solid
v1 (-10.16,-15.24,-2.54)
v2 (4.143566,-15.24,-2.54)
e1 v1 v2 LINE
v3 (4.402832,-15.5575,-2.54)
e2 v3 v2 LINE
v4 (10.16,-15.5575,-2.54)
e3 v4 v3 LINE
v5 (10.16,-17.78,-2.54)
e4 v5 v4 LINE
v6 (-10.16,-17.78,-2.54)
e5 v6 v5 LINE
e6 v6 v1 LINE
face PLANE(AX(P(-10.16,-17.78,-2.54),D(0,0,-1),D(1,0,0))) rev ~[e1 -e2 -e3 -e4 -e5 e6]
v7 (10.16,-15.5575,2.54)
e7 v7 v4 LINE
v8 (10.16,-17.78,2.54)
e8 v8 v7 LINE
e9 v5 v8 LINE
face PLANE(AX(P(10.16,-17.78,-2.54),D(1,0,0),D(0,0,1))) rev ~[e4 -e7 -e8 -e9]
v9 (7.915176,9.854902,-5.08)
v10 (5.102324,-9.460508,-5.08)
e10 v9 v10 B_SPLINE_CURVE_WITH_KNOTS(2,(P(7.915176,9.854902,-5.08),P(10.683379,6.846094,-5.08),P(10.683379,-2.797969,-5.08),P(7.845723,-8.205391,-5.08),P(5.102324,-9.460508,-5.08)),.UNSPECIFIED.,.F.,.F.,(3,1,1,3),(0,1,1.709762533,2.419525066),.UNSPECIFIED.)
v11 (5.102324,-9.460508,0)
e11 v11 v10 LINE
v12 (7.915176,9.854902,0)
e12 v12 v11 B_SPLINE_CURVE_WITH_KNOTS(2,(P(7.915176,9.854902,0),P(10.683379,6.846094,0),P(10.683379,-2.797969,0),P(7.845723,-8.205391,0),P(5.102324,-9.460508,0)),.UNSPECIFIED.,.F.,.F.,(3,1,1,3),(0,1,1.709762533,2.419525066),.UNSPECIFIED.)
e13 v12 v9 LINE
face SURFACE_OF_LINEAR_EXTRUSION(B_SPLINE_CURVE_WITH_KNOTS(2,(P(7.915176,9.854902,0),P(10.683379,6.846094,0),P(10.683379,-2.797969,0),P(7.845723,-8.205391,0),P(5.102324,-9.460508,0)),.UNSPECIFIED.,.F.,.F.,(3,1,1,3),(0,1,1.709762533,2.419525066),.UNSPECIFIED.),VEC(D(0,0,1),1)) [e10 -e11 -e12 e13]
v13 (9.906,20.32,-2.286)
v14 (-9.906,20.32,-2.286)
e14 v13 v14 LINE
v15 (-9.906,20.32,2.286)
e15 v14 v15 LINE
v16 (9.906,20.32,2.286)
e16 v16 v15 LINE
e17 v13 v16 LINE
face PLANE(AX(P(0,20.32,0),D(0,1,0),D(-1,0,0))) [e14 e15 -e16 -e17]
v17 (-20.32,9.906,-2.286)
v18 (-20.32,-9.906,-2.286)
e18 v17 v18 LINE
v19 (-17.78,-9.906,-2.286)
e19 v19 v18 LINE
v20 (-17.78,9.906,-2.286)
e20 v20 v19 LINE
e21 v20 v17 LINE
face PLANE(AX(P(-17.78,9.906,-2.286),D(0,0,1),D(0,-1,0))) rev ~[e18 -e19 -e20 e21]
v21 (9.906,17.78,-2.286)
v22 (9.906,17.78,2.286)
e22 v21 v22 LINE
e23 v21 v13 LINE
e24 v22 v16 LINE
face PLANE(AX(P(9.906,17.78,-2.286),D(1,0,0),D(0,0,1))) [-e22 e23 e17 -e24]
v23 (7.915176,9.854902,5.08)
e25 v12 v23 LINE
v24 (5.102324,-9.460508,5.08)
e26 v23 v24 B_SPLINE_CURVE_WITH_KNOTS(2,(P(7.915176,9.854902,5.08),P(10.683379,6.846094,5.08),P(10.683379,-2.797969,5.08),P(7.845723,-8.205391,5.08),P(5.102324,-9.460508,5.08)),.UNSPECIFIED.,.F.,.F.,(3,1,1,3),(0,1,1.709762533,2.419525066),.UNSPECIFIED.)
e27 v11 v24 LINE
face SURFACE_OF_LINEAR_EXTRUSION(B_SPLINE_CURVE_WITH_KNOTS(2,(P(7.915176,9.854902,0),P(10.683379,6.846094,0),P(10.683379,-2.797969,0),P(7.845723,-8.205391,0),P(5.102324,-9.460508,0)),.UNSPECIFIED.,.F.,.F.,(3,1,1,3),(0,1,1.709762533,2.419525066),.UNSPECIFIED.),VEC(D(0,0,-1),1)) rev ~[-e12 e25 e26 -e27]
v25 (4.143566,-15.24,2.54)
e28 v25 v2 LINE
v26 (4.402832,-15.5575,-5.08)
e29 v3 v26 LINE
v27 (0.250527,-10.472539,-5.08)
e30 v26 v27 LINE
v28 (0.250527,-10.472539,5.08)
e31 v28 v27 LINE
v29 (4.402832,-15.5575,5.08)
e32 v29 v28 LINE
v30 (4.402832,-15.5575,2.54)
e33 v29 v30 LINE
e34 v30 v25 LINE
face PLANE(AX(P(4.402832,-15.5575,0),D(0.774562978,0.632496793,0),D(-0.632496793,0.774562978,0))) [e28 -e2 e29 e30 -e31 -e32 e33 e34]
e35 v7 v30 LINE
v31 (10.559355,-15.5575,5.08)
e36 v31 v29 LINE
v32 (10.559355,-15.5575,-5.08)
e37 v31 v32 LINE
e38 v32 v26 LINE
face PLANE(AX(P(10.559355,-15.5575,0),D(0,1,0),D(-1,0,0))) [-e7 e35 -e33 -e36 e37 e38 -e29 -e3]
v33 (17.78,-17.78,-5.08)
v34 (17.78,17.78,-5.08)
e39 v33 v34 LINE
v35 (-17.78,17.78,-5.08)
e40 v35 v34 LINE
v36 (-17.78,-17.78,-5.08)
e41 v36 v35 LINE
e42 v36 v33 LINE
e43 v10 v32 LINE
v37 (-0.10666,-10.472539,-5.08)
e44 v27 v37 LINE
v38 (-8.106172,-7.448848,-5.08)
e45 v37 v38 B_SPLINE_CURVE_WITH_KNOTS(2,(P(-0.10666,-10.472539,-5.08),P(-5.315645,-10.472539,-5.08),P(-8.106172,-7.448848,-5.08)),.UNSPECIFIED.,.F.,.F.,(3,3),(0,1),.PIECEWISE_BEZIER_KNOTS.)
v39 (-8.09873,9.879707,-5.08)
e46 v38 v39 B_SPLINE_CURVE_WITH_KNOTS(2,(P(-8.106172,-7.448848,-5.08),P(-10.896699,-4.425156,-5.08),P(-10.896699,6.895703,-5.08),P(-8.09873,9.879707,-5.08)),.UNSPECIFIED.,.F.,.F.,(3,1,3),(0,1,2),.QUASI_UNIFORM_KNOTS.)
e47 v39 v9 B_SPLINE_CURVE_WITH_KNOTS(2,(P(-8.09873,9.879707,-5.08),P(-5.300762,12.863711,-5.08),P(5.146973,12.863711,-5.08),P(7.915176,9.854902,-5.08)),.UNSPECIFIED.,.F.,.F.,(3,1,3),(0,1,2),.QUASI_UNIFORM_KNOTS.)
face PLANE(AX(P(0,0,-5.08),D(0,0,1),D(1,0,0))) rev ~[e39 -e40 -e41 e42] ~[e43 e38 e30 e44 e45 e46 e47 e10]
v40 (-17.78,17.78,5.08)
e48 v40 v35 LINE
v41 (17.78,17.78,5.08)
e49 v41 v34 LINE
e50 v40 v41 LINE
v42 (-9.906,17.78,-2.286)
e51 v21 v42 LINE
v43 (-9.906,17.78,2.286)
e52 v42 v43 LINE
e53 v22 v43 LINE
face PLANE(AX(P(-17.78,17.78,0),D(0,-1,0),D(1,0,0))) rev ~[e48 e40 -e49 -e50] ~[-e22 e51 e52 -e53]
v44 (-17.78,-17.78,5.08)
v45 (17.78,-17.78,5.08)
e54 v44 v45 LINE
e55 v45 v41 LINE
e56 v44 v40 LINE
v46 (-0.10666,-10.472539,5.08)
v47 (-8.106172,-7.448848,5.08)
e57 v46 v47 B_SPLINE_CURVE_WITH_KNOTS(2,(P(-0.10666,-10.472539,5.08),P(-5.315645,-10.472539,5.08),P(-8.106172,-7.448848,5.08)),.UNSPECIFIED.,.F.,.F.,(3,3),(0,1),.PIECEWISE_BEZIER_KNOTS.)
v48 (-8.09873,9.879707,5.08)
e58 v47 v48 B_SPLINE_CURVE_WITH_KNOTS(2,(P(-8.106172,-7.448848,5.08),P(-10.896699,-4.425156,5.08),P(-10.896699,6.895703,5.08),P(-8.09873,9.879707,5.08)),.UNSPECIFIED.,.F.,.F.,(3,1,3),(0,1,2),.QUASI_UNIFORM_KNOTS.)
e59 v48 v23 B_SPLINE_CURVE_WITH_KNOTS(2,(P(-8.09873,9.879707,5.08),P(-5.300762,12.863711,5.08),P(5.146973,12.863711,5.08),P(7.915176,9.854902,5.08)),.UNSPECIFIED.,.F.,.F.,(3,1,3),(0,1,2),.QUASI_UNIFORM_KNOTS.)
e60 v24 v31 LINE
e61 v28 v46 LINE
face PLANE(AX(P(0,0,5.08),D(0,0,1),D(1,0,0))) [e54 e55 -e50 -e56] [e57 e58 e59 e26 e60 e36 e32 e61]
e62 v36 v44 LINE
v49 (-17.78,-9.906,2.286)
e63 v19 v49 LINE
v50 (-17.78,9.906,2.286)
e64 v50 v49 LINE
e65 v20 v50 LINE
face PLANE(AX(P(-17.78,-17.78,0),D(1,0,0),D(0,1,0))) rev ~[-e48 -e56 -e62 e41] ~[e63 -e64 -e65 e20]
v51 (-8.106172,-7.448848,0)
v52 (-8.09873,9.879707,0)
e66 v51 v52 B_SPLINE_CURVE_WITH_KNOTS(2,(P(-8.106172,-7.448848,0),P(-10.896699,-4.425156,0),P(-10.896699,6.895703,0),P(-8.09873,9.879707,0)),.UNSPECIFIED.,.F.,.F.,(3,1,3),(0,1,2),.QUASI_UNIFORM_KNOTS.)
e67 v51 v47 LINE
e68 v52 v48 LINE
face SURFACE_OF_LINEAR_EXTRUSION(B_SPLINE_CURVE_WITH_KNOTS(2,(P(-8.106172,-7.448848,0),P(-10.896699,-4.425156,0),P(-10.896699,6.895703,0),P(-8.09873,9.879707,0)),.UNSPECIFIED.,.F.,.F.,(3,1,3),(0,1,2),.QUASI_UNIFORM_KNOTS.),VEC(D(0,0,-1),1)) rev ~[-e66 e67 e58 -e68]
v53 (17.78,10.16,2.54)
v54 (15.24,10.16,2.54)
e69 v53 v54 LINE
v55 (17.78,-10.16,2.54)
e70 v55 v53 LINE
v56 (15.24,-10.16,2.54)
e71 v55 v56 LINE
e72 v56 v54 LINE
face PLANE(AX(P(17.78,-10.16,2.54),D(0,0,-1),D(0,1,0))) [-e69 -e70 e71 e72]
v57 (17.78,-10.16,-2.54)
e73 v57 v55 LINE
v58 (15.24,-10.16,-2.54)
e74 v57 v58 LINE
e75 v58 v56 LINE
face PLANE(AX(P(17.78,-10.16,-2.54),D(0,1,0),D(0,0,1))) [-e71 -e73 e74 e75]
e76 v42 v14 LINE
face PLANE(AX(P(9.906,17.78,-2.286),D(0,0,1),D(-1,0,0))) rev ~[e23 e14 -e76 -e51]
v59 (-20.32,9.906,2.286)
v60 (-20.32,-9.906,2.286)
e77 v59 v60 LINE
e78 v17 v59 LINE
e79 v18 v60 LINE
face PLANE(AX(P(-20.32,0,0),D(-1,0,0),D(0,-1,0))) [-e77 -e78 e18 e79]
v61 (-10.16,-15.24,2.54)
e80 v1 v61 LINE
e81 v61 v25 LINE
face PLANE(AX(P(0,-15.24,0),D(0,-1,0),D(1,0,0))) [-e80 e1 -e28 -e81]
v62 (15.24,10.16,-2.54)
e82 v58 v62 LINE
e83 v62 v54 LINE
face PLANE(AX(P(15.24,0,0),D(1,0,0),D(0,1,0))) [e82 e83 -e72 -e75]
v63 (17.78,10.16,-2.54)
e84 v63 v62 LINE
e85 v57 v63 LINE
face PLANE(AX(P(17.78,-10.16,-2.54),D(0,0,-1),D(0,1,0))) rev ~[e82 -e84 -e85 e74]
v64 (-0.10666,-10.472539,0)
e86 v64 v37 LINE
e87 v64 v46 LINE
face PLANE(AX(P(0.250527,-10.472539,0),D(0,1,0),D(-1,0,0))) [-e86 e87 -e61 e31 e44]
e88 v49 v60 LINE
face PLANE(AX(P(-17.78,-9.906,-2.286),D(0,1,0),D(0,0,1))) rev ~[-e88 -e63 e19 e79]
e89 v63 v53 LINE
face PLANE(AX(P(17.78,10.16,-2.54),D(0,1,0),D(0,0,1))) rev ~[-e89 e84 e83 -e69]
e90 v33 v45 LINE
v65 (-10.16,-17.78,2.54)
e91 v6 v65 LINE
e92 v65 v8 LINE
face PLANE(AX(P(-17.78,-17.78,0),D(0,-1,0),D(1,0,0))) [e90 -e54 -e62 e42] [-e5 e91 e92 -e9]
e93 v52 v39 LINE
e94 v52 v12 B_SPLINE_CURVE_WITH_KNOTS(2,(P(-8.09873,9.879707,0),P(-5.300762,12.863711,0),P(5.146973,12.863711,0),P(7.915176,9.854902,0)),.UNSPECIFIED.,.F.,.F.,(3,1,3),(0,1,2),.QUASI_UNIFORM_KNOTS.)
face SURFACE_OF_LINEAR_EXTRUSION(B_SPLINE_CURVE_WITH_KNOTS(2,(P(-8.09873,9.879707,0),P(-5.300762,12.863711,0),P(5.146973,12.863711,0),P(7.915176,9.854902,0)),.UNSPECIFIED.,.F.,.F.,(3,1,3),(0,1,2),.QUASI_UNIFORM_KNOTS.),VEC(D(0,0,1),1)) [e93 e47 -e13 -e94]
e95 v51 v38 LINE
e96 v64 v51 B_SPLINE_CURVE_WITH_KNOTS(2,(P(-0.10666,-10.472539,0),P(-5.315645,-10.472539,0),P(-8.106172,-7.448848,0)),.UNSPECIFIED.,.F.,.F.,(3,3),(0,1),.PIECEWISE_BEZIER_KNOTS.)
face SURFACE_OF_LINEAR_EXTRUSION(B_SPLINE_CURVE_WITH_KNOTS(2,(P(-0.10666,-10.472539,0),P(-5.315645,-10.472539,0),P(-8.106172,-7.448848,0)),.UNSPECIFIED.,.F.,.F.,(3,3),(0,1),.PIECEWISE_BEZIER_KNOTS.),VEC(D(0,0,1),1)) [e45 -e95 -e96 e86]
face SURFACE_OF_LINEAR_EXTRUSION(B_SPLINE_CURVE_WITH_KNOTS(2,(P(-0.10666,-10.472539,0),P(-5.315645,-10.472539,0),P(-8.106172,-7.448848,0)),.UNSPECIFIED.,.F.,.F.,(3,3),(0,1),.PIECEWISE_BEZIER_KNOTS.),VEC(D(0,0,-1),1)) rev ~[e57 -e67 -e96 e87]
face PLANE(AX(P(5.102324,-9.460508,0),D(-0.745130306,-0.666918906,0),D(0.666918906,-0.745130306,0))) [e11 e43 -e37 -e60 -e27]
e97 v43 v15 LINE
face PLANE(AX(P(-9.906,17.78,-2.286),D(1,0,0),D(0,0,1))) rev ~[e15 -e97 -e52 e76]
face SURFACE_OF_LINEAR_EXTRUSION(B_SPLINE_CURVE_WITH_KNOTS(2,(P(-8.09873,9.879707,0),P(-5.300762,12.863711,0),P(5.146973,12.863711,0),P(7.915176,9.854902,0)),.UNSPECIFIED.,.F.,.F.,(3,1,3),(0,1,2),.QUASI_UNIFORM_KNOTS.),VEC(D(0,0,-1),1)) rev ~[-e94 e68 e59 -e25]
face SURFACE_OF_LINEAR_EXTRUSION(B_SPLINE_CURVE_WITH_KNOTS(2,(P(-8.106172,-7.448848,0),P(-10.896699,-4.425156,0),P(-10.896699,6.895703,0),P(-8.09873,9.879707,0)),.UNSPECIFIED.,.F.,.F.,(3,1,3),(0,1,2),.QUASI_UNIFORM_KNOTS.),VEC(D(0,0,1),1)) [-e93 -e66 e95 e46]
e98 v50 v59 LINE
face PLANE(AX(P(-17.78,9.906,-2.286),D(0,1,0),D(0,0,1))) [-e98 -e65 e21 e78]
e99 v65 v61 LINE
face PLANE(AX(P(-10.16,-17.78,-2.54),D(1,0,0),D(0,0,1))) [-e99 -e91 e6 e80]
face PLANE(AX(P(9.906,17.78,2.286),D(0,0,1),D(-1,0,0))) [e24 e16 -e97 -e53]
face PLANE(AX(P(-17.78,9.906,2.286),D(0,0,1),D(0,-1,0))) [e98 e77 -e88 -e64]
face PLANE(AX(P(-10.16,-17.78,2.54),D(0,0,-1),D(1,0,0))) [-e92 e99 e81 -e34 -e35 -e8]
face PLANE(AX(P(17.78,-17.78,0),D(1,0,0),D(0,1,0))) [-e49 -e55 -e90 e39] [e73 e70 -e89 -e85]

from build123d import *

# Parameters (mm, degrees)
F0_W     = 35.56
F0_H     = 35.56
F1_DEPTH = 5.08
F2_W     = 19.812
F2_H     = 4.572
F3_DEPTH = 2.54
F4_W     = 19.812
F4_H     = 4.572
F5_DEPTH = 2.54
F6_W     = 20.32
F6_H     = 5.08
F7_DEPTH = 2.54
F8_W     = 20.32
F8_H     = 5.08
F9_DEPTH = 2.54


with BuildPart() as f1:
    # F0 (on Top) → F1 (new body, symmetric)
    with BuildSketch(Plane.XY):
        Rectangle(F0_W, F0_H)
        with BuildLine():
            add(Edge.make_bspline(
                [(7.9151757813, 9.8549023438), (10.6833789063, 6.84609375), (10.6833789063, 1.2055078125)],
                knots=[0, 0, 0, 1, 1, 1], degree=2))
            add(Edge.make_bspline(
                [(10.6833789063, 1.2055078125), (10.6833789063, -2.79796875), (9.2645507813, -5.5016796875)],
                knots=[0, 0, 0, 1, 1, 1], degree=2))
            add(Edge.make_bspline(
                [(9.2645507813, -5.5016796875), (7.8457226563, -8.205390625), (5.1023242188, -9.4605078125)],
                knots=[0, 0, 0, 1, 1, 1], degree=2))
            Line((5.1023242188, -9.4605078125), (10.5593554688, -15.5575))
            Line((10.5593554688, -15.5575), (4.4028320313, -15.5575))
            Line((4.4028320313, -15.5575), (0.2505273438, -10.4725390625))
            Line((0.2505273438, -10.4725390625), (-0.1066601562, -10.4725390625))
            add(Edge.make_bspline(
                [(-0.1066601562, -10.4725390625), (-5.3156445312, -10.4725390625), (-8.106171875, -7.4488476563)],
                knots=[0, 0, 0, 1, 1, 1], degree=2))
            add(Edge.make_bspline(
                [(-8.106171875, -7.4488476563), (-10.8966992187, -4.42515625), (-10.8966992187, 1.2352734375)],
                knots=[0, 0, 0, 1, 1, 1], degree=2))
            add(Edge.make_bspline(
                [(-10.8966992187, 1.2352734375), (-10.8966992187, 6.895703125), (-8.0987304687, 9.8797070313)],
                knots=[0, 0, 0, 1, 1, 1], degree=2))
            add(Edge.make_bspline(
                [(-8.0987304687, 9.8797070313), (-5.3007617187, 12.8637109375), (-0.0768945312, 12.8637109375)],
                knots=[0, 0, 0, 1, 1, 1], degree=2))
            add(Edge.make_bspline(
                [(-0.0768945312, 12.8637109375), (5.1469726563, 12.8637109375), (7.9151757813, 9.8549023438)],
                knots=[0, 0, 0, 1, 1, 1], degree=2))
        make_face(mode=Mode.SUBTRACT)
    extrude(amount=F1_DEPTH, both=True)

    # F2 (on face) → F3 (join)
    with BuildSketch(Plane(origin=(0, 17.78, 0), x_dir=(-1, 0, 0), z_dir=(0, 1, 0))):
        Rectangle(F2_W, F2_H)
    extrude(amount=F3_DEPTH)

    # F4 (on face) → F5 (join)
    with BuildSketch(Plane(origin=(-17.78, 0, 0), x_dir=(0, -1, 0), z_dir=(-1, 0, 0))):
        Rectangle(F4_W, F4_H)
    extrude(amount=F5_DEPTH)

    # F6 (on face) → F7 (cut)
    with BuildSketch(Plane.XZ.offset(17.78)):
        Rectangle(F6_W, F6_H)
    extrude(amount=-F7_DEPTH, mode=Mode.SUBTRACT)

    # F8 (on face) → F9 (cut)
    with BuildSketch(Plane.YZ.offset(17.78)):
        Rectangle(F8_W, F8_H)
    extrude(amount=-F9_DEPTH, mode=Mode.SUBTRACT)


solid = f1.part
